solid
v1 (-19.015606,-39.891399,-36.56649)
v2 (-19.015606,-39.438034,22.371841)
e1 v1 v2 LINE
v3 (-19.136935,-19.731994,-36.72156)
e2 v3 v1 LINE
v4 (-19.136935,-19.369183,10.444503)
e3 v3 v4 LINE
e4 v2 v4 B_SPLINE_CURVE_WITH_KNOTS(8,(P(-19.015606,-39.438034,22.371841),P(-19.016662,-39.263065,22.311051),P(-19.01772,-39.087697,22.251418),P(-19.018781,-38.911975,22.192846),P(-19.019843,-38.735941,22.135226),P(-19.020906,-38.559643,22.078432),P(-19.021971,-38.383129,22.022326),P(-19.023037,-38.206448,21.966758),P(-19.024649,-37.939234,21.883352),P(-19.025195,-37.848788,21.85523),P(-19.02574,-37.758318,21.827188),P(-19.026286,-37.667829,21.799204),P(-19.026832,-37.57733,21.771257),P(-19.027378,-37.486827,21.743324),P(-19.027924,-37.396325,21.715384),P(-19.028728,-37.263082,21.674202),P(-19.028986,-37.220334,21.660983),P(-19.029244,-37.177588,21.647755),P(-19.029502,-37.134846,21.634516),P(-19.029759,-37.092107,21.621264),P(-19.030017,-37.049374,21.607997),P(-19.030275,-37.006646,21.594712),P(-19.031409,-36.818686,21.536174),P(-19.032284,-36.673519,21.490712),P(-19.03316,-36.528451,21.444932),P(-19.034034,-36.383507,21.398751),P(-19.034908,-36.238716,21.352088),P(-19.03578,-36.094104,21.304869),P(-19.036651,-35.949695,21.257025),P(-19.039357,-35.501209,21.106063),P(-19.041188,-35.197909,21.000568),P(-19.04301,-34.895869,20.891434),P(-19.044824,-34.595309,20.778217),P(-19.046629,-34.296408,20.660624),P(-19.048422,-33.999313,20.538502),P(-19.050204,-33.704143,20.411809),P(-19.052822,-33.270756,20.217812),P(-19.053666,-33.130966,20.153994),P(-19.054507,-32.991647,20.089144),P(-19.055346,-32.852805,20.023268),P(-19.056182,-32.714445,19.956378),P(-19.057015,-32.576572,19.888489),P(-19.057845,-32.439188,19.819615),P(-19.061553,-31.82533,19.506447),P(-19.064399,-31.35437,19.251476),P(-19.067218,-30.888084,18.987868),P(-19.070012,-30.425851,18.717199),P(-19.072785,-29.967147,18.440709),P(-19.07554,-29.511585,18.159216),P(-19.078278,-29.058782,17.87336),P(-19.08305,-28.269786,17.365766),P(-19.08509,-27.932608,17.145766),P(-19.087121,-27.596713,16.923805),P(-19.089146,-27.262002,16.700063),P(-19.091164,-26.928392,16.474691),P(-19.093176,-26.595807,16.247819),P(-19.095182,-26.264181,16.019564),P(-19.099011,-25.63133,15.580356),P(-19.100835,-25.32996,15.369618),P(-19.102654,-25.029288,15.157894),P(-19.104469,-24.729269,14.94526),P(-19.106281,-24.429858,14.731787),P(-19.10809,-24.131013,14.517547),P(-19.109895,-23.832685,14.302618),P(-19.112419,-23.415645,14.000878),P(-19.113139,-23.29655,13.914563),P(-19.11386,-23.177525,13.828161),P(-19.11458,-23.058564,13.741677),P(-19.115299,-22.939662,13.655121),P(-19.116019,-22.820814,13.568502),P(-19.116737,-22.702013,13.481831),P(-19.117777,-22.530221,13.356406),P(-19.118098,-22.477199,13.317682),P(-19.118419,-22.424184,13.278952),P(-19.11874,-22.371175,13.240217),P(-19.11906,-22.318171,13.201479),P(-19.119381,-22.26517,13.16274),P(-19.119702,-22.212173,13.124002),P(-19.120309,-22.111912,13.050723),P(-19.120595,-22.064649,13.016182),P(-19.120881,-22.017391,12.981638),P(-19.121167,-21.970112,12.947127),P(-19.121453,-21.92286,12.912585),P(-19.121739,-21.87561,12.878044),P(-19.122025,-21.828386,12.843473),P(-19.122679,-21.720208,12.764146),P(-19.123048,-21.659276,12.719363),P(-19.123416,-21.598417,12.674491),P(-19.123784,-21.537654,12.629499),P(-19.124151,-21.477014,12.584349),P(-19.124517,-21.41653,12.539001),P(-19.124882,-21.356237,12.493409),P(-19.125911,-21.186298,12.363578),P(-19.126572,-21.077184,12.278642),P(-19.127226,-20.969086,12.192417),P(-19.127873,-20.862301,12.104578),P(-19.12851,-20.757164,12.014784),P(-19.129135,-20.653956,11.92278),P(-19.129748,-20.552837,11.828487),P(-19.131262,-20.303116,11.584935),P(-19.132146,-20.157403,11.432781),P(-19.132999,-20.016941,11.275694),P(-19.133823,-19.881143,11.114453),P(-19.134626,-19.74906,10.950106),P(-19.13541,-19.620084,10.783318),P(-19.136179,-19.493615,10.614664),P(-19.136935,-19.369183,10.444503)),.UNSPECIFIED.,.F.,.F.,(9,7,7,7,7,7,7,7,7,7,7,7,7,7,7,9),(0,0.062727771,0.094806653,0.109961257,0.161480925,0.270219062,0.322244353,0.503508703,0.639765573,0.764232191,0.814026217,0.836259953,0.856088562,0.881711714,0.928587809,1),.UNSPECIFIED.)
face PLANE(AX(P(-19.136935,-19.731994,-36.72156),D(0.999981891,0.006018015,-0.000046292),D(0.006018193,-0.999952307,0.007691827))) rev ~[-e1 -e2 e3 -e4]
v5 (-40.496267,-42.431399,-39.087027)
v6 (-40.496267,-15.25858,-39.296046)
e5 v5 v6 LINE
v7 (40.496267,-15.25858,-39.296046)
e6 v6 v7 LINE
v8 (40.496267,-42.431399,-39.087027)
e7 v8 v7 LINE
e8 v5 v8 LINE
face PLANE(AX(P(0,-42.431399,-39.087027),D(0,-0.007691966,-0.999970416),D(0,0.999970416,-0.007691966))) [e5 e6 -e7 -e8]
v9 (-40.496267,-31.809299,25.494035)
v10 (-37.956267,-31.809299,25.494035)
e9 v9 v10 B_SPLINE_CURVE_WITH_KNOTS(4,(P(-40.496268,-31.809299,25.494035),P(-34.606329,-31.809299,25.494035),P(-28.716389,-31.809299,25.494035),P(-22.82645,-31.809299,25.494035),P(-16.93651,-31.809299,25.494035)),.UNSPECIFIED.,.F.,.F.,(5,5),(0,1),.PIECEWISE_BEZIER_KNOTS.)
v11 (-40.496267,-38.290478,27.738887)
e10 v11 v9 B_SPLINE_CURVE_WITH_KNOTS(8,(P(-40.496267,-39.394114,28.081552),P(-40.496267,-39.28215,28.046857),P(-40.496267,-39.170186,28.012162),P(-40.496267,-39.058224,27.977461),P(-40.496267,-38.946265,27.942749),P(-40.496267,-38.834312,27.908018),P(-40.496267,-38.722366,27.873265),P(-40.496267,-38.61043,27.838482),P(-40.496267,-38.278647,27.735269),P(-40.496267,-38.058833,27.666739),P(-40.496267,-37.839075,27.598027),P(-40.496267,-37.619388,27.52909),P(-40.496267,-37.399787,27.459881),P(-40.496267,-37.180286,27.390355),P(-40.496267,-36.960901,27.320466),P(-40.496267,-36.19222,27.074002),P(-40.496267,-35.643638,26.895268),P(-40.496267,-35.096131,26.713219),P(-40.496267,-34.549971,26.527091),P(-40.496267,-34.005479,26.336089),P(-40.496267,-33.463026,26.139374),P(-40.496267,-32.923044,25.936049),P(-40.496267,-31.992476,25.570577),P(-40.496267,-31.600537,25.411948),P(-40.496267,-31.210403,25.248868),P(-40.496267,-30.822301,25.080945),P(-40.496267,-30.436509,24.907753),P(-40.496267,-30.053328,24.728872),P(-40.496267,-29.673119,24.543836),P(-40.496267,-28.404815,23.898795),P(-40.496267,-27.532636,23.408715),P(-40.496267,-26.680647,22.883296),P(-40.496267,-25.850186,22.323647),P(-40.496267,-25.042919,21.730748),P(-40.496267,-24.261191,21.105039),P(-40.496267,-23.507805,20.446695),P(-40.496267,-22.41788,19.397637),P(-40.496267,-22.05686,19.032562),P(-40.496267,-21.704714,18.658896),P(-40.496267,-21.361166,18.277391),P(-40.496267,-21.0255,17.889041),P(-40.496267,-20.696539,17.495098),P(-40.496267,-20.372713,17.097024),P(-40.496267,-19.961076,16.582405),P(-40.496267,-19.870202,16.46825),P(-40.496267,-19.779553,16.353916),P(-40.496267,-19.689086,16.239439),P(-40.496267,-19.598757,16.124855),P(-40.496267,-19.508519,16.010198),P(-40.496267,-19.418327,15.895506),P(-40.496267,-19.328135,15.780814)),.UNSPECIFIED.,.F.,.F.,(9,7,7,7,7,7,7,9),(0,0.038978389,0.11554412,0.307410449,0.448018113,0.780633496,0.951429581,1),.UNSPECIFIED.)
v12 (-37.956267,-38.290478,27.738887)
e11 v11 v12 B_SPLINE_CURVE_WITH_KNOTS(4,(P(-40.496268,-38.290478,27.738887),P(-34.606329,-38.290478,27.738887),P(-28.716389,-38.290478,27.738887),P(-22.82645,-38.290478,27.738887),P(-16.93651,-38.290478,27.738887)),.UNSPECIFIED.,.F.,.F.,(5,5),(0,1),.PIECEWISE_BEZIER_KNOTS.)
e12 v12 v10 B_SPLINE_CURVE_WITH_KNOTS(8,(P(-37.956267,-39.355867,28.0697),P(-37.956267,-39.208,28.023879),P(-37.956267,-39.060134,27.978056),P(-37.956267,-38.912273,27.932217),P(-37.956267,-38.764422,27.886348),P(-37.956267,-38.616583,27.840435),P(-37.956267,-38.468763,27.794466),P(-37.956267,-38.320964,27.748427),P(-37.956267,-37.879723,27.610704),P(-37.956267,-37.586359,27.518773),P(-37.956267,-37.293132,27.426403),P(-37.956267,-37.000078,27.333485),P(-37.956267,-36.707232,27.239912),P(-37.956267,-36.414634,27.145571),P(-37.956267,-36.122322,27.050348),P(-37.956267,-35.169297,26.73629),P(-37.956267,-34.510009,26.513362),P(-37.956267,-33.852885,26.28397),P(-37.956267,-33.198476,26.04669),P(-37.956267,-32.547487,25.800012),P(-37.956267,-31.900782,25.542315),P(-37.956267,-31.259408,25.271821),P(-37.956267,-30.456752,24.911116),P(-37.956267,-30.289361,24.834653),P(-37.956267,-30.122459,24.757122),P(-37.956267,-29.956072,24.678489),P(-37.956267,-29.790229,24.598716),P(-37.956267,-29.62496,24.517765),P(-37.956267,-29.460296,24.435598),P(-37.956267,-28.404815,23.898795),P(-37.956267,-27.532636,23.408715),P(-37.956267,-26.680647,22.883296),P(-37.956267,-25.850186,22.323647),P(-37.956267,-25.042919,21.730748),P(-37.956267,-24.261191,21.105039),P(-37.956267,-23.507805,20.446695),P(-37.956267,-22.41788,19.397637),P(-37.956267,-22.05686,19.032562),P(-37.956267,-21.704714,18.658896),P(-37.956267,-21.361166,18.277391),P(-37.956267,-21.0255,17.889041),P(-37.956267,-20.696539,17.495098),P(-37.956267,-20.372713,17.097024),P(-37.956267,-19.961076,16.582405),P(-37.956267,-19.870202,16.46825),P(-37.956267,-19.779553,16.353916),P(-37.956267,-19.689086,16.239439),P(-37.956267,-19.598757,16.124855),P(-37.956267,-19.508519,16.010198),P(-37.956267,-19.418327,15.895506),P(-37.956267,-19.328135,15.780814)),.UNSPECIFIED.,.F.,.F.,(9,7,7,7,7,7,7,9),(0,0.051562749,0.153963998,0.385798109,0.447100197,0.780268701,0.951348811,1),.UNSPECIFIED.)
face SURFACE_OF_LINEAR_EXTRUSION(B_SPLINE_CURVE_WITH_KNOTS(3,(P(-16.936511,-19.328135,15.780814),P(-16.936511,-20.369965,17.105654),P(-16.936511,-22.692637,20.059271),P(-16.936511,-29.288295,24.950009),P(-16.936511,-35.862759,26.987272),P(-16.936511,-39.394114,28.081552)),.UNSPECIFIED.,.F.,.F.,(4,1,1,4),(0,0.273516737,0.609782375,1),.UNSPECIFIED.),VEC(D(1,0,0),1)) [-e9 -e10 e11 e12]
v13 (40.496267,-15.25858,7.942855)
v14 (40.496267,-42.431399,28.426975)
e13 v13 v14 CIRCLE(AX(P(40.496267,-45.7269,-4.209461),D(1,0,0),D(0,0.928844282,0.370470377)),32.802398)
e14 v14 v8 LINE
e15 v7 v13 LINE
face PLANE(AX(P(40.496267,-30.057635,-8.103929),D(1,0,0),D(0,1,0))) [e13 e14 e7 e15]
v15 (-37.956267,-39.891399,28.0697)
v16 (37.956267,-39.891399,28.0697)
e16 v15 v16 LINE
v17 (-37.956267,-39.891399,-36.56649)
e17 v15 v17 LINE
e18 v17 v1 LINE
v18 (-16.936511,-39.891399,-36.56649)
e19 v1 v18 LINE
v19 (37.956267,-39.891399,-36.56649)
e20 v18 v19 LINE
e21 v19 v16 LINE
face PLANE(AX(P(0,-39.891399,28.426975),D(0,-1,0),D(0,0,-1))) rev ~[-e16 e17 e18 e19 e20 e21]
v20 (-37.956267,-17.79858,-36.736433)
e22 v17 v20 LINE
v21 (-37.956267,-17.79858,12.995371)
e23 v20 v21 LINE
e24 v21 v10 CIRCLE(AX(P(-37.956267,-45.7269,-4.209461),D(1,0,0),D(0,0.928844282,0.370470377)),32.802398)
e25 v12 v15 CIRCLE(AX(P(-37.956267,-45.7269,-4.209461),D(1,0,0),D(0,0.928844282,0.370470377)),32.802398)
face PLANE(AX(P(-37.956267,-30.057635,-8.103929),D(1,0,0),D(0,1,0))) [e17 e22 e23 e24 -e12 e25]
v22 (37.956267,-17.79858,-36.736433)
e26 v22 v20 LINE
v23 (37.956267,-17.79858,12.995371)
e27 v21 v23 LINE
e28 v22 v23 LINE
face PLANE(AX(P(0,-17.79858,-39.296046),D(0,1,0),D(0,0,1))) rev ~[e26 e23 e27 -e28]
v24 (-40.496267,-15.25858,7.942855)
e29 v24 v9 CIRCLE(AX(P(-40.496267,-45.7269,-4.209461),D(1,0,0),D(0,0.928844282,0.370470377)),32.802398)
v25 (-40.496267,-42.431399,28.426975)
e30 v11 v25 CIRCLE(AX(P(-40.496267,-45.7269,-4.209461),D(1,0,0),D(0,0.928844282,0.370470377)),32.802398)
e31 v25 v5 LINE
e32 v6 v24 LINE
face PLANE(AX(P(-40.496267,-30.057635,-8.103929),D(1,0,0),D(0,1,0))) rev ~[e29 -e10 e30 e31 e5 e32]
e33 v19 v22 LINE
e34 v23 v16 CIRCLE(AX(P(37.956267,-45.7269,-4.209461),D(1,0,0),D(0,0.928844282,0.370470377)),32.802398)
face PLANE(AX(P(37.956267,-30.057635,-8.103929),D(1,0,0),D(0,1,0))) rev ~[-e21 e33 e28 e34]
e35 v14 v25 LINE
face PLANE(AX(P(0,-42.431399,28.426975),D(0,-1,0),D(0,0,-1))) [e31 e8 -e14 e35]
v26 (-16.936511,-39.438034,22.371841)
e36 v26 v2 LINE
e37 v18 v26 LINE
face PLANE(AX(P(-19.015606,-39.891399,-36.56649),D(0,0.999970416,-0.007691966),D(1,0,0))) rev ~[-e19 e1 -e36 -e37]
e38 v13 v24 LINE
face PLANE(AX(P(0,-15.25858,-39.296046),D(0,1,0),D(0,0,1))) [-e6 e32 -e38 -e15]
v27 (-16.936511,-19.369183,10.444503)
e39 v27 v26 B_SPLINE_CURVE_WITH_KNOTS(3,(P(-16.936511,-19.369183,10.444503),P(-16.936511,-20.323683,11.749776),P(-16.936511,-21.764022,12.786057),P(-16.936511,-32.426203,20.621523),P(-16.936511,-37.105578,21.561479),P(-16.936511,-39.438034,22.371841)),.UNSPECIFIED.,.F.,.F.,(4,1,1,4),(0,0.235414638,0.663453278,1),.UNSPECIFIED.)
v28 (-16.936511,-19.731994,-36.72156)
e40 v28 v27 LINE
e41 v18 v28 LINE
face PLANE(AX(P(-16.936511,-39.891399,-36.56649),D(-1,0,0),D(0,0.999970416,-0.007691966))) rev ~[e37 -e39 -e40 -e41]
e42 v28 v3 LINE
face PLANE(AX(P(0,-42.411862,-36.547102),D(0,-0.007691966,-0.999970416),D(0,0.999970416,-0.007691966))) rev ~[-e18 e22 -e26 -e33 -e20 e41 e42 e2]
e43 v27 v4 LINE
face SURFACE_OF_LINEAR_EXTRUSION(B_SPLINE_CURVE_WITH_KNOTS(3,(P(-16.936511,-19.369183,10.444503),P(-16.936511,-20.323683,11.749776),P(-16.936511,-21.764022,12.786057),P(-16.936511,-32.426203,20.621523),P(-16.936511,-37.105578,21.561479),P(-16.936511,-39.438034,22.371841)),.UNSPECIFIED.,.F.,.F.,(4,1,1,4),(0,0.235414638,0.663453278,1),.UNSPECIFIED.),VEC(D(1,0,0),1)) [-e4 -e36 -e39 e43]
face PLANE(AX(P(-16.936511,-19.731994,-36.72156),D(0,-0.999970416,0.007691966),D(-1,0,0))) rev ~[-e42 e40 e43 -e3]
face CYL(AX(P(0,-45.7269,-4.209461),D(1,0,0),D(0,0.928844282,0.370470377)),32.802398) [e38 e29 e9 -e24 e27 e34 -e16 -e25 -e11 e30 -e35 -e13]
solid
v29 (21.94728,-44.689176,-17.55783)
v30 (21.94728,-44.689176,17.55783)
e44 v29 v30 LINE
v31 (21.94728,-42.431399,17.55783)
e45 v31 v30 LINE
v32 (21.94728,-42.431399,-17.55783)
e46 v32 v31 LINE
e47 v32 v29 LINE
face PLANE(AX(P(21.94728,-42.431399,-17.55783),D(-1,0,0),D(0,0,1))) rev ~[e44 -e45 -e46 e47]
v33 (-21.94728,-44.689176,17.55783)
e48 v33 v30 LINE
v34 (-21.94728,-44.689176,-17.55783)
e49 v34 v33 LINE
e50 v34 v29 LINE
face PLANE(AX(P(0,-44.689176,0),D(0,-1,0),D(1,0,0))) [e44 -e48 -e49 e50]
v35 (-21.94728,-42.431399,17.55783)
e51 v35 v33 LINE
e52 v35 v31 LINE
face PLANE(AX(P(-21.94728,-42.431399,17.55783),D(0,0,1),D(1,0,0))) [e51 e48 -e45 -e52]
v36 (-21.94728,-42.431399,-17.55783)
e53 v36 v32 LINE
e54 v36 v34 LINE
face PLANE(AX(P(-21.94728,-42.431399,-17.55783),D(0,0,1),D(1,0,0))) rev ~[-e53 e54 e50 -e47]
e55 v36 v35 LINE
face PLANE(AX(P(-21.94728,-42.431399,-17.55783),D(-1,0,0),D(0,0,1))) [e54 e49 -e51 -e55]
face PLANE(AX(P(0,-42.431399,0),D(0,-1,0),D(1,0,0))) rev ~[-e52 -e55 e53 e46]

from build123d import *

# Parameters (mm, degrees)
F1_DEPTH  = 40.4962673783
F2_T      = -2.54
F4_DEPTH  = 64.6499544382
F6_DEPTH  = 25.4
F8_DEPTH  = 7.8383367509
F9_W      = 43.894559145
F9_H      = 35.1156592369
F10_DEPTH = 2.2577764466


with BuildPart() as f1:
    # F0 (on Right) → F1 (new body, symmetric)
    with BuildSketch(Plane.YZ):
        with BuildLine():
            Line((-42.4313992262, 28.4269750118), (-42.4313992262, -39.0870273113))
            Line((-42.4313992262, -39.0870273113), (-15.2585804462, -39.2960458994))
            Line((-15.2585804462, -39.2960458994), (-15.2585804462, 7.9428553581))
            ThreePointArc((-15.2585804462, 7.9428553581), (-25.9810477869, 21.9840229631), (-42.4313992262, 28.4269750118))
        make_face()
    extrude(amount=F1_DEPTH, both=True)

    # F2
    f2_openings = [f1.faces().sort_by_distance(p)[0] for p in [
        (0, -25.981048, 21.984023),
    ]]
    offset(amount=F2_T, openings=f2_openings)

    # F3 (on face) → F4 (join)
    with BuildSketch(Plane(origin=(0, -0.2836201163, -36.8711610518), x_dir=(1, 0, 0), z_dir=(0, 0.0076919662, 0.9999704164))):
        Polygon((-16.9365108013, -19.4489490241), (-19.1369354725, -19.4489490241), (-19.0156064928, -39.6089508856), (-16.9365108013, -39.6089508856), align=None)
    extrude(amount=F4_DEPTH)

    # F5 (on face) → F6 (cut)
    with BuildSketch(Plane.YZ.offset(-16.9365108013)):
        with BuildLine():
            add(Edge.make_bspline(
                [(-19.3281353329, 15.7808138406), (-20.3699654407, 17.105653585), (-22.6926373922, 20.0592705848), (-29.2882953868, 24.9500093136), (-35.8627586326, 26.9872723021), (-39.3941139596, 28.0815515202)],
                knots=[0, 0, 0, 0, 0.2735167374, 0.6097823753, 1, 1, 1, 1], degree=3))
            Line((-19.3281353329, 15.7808138406), (-19.2347085037, 27.9264814666))
            Line((-19.2347085037, 27.9264814666), (-39.3941139596, 28.0815515202))
        make_face()
    extrude(amount=-F6_DEPTH, mode=Mode.SUBTRACT)

    # F7 (on face) → F8 (cut)
    with BuildSketch(Plane.YZ.offset(-16.9365108013)):
        with BuildLine():
            add(Edge.make_bspline(
                [(-19.3691832665, 10.444503462), (-20.3236829035, 11.74977581), (-21.7640219838, 12.7860568934), (-32.4262033797, 20.6215228131), (-37.1055782084, 21.5614787411), (-39.4380341599, 22.3718409401)],
                knots=[0, 0, 0, 0, 0.2354146383, 0.6634532783, 1, 1, 1, 1], degree=3))
            Line((-19.3691832665, 10.444503462), (-19.3281353329, 15.7808138406))
            add(Edge.make_bspline(
                [(-19.3281353329, 15.7808138406), (-20.3699654407, 17.105653585), (-22.6926373922, 20.0592705848), (-29.2882953868, 24.9500093136), (-35.8627586326, 26.9872723021), (-39.3941139596, 28.0815515202)],
                knots=[0, 0, 0, 0, 0.2735167374, 0.6097823753, 1, 1, 1, 1], degree=3))
            Line((-39.3941139596, 28.0815515202), (-39.4380341599, 22.3718409401))
        make_face()
    extrude(amount=-F8_DEPTH, mode=Mode.SUBTRACT)


with BuildPart() as f10:
    # F9 (on face) → F10 (new body)
    with BuildSketch(Plane.XZ.offset(42.4313992262)):
        Rectangle(F9_W, F9_H)
    extrude(amount=F10_DEPTH)


solid = Compound([f1.part, f10.part])
